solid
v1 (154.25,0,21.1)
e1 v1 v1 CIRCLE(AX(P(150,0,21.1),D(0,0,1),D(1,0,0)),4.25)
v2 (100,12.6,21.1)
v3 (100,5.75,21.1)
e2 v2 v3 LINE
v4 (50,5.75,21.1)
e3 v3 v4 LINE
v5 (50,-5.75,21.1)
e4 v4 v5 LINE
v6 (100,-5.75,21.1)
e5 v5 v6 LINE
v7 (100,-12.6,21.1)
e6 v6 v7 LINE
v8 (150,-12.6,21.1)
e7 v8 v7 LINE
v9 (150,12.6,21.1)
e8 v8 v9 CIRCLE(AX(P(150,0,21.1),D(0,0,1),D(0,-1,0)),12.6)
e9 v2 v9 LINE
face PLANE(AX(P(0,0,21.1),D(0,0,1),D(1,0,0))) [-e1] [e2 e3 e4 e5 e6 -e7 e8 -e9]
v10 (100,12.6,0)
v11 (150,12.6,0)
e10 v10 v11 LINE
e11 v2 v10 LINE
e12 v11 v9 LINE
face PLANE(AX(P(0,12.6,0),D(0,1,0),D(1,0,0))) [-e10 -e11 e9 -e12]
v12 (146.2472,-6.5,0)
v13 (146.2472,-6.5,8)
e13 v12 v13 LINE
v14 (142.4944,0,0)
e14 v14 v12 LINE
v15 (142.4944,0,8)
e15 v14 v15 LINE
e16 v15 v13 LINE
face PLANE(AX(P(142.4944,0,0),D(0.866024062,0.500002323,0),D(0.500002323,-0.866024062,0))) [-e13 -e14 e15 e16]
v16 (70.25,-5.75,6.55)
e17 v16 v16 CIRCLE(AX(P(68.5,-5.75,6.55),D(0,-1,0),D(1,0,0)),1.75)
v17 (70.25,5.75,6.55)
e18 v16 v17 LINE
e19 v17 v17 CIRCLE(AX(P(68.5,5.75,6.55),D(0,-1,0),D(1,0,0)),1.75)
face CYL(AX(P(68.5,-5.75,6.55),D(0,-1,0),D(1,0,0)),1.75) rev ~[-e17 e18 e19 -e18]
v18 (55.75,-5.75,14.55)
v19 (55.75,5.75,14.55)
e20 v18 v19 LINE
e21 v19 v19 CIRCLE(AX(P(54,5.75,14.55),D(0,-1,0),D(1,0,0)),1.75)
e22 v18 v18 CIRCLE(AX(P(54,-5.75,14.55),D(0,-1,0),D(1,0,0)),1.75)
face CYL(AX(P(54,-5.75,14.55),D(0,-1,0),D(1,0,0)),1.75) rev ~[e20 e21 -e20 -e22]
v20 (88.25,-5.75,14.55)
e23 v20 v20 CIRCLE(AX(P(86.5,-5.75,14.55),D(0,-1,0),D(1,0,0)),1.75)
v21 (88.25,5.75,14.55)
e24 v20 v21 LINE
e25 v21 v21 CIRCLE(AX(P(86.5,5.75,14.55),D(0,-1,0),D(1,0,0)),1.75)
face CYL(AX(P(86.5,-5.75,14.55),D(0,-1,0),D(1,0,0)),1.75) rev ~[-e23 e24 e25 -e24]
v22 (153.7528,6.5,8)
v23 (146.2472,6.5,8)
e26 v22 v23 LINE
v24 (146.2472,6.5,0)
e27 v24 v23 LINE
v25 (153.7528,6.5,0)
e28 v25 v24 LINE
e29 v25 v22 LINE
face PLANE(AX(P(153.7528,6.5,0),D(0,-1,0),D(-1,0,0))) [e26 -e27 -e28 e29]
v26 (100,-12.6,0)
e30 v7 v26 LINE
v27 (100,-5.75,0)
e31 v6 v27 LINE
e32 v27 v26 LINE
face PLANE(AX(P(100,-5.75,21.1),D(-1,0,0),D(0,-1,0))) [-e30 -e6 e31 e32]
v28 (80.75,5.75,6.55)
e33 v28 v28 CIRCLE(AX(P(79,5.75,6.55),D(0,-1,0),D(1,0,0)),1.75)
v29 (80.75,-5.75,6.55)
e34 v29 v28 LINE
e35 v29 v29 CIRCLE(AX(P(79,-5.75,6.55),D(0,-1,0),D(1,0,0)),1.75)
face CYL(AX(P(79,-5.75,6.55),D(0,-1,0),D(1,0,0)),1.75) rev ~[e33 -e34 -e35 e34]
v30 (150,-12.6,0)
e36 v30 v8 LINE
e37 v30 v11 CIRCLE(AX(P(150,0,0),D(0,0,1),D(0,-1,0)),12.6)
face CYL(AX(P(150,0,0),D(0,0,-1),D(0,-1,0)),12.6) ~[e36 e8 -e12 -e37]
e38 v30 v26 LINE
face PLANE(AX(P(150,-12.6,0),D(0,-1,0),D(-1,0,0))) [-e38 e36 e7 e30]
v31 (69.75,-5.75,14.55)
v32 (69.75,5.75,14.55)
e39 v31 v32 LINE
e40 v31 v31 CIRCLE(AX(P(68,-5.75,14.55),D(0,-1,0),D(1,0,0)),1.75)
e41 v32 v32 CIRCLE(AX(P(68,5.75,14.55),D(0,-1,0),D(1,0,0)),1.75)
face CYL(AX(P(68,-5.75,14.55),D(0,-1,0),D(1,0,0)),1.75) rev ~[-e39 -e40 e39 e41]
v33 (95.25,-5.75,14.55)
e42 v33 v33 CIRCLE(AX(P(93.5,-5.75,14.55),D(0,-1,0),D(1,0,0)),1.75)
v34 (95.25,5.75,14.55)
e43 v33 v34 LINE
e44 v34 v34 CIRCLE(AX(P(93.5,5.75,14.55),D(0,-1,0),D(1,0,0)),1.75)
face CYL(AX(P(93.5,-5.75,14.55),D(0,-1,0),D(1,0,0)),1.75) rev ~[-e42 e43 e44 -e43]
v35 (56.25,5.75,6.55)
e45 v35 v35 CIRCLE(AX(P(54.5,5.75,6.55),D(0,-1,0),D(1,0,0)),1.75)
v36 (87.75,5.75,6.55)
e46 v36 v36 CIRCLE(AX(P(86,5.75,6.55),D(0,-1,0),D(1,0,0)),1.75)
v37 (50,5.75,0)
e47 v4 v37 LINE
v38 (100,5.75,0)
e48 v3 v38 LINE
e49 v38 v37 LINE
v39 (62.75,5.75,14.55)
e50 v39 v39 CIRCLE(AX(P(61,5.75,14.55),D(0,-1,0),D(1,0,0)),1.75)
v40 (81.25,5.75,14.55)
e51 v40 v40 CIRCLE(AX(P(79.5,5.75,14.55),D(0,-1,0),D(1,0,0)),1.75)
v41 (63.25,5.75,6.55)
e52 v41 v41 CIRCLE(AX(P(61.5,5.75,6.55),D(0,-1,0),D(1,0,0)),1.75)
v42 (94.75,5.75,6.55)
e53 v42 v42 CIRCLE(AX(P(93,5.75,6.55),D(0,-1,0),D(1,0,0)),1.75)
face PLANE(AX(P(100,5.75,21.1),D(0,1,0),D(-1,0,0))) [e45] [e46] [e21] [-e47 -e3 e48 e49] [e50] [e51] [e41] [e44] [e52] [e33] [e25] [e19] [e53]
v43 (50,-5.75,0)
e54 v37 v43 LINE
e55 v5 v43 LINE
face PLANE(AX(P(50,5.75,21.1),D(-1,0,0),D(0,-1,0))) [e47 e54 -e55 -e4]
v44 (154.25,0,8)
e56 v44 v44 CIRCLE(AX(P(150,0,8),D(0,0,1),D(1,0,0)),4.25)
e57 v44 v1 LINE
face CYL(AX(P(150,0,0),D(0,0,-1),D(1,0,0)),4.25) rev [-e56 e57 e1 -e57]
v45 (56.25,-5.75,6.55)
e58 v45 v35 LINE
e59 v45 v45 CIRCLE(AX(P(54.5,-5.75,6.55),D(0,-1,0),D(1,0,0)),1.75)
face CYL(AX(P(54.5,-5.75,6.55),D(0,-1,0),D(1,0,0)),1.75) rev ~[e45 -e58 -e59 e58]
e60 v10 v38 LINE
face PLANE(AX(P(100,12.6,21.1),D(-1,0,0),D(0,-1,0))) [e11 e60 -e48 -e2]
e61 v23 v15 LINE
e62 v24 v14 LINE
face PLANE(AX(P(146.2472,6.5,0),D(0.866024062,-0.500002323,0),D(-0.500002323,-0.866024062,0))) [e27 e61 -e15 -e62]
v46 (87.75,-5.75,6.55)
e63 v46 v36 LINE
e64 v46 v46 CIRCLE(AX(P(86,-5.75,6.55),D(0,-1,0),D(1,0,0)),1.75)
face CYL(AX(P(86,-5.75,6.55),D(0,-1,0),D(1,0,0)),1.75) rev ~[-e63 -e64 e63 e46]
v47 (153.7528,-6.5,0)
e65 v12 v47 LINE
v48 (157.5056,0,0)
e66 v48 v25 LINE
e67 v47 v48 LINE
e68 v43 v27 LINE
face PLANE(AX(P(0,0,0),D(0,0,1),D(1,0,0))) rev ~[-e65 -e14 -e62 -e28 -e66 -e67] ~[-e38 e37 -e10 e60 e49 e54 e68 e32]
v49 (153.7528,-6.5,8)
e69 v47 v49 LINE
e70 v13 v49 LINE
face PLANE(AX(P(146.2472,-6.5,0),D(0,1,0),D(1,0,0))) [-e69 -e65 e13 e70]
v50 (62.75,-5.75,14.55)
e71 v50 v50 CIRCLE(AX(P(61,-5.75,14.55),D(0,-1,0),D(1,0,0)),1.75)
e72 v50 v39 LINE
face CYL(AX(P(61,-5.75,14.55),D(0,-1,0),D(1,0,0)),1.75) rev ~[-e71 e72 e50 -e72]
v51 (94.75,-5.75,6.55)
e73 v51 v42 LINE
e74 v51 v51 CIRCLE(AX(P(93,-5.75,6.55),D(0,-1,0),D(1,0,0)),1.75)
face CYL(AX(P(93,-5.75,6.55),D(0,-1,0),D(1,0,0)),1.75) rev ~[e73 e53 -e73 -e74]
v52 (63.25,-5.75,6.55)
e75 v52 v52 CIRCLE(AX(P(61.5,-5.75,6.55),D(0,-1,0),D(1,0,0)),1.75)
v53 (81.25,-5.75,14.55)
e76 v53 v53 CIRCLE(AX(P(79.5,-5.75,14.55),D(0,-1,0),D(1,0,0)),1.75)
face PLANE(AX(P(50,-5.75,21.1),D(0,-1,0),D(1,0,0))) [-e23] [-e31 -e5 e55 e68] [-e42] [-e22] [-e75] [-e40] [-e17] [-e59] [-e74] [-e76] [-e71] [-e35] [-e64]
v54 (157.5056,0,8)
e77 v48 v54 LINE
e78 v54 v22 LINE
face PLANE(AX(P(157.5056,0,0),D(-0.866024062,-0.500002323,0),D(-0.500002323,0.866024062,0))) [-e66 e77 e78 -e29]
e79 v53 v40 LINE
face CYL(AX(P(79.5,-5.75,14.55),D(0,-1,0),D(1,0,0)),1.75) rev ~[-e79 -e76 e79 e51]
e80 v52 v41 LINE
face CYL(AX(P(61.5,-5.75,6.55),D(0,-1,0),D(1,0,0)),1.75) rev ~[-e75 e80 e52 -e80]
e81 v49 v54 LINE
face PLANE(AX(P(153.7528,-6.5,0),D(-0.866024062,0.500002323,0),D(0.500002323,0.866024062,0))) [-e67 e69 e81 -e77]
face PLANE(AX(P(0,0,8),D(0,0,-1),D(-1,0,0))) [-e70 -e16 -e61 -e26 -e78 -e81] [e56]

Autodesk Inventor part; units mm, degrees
ref_plane "YZ Plane" through (0, 0, 0) normal (1, 0, 0) x (0, 1, 0)
ref_plane "XZ Plane" through (0, 0, 0) normal (0, 1, 0) x (-1, 0, 0)
ref_plane "XY Plane" through (0, 0, 0) normal (0, 0, 1) x (1, 0, 0)
sketch "Sketch1" plane through (0, 0, 0) normal (0, 0, 1) x (1, 0, 0)
  line L0 (0, 12.6) -> (150, 12.6)
  arc A0 (150, -12.6) -> (150, 12.6) centre (150, 0) ccw
  line L1 (150, -12.6) -> (0, -12.6)
  arc A1 (0, 12.6) -> (0, -12.6) centre (0, 0) ccw
  circle A2 centre (0, 0) radius 7.5
  circle A3 centre (150, 0) radius 4.25
  dimension "d0" = 150
  dimension "d2" = 12.6
  dimension "d3" = 15
  dimension "d4" = 8.5
extrude "Extrusion1" add sketch "Sketch1" along normal blind 21.1
sketch "Sketch2" plane through (0, 0, 21.1) normal (0, 0, 1) x (1, 0, 0)
  circle A0 centre (0, 0) radius 7.5 projected
  arc A1 (0, 12.6) -> (0, -12.6) centre (0, 0) ccw projected
  circle A2 centre (0, 0) radius 11
  dimension "d7" = 22
extrude "Extrusion2" cut sketch "Sketch2" against normal blind 7
sketch "Sketch4" plane through (0, 0, 21.1) normal (0, 0, 1) x (1, 0, 0)
  circle A0 centre (0, 0) radius 11 projected
  circle A1 centre (20, 0) radius 1.75
  circle A2 centre (40, 0) radius 1.75
  dimension "d16" = 20
  dimension "d17" = 40
  dimension "d23" = 3.5
extrude "Extrusion3" cut sketch "Sketch4" against normal through all contours A1 | A2
sketch "Sketch5" plane through (0, 0, 21.1) normal (0, 0, 1) x (1, 0, 0)
  circle A0 centre (20, 0) radius 1.75 projected
  circle A1 centre (40, 0) radius 1.75 projected
  circle A2 centre (40, 0) radius 3
  circle A3 centre (20, 0) radius 3
  dimension "d28" = 6
extrude "Extrusion4" cut sketch "Sketch5" against normal blind 3
sketch "Sketch6" plane through (0, 0, 21.1) normal (0, 0, 1) x (1, 0, 0)
  line L0 (150, 12.6) -> (0, 12.6) projected
  arc A0 (0, 12.6) -> (0, -12.6) centre (0, 0) ccw projected
  line L1 (0, -12.6) -> (150, -12.6) projected
  arc A1 (12.1445, 12.6) -> (12.1445, -12.6) centre (0, 0) ccw
  dimension "d24" = 35
extrude "Extrusion5" add sketch "Sketch6" against normal up to surface (21.1 mm away)
fillet "Fillet1" radius 3.5 1 edges at (-7.5, 0, 14.1)
sketch "Sketch8" plane through (0, 0, 21.1) normal (0, 0, 1) x (1, 0, 0)
  circle A0 centre (150, 0) radius 7
  line L0 (150, 12.6) -> (12.1445, 12.6)
  arc A1 (12.1445, 12.6) -> (12.1445, -12.6) centre (0, 0) ccw
  line L1 (12.1445, -12.6) -> (150, -12.6)
  line L2 (100, 12.6) -> (100, 5.75)
  line L3 (100, 5.75) -> (50, 5.75)
  line L4 (50, 5.75) -> (50, -5.75)
  line L5 (50, -5.75) -> (100, -5.75)
  line L6 (100, -5.75) -> (100, -12.6)
  circle A2 centre (40, 0) radius 3 projected
  circle A3 centre (20, 0) radius 3 projected
  circle A4 centre (0, 0) radius 11 projected
  circle A5 centre (150, 0) radius 4.25 projected
  line L7 (150, 12.6) -> (12.1445, 12.6) projected
  arc A6 (12.1445, 12.6) -> (12.1445, -12.6) centre (0, 0) ccw projected
  line L8 (12.1445, -12.6) -> (150, -12.6) projected
  arc A7 (150, -12.6) -> (150, 12.6) centre (150, 0) ccw projected
  dimension "d35" = 50
  dimension "d36" = 50
  dimension "d37" = 11.5
extrude "Extrusion7" cut sketch "Sketch8" against normal through all contours L2 L3 L4 L5 L6 L1 A1 L0 | A2 | A3 | A4
sketch "Sketch9" plane through (50, -5.75, 21.1) normal (0, -1, 0) x (1, 0, 0)
  line L0 (0, 0) -> (0, -21.1) projected
  line L1 (4.5, -6.55) -> (12.5, -6.55) construction
  line L2 (12.5, -6.55) -> (12.5, -14.55) construction
  line L3 (12.5, -14.55) -> (4.5, -14.55) construction
  line L4 (4.5, -14.55) -> (4.5, -6.55) construction
  line L5 (12.5, -14.55) -> (20.5, -14.55) construction
  line L6 (20.5, -14.55) -> (20.5, -6.55) construction
  line L7 (20.5, -6.55) -> (12.5, -6.55) construction
  line L8 (12.5, -6.55) -> (12.5, -14.55) construction
  circle A0 centre (4.5, -14.55) radius 1.75
  circle A1 centre (4, -6.55) radius 1.75
  circle A2 centre (11.5, -14.55) radius 1.75
  circle A3 centre (11, -6.55) radius 1.75
  circle A4 centre (18.5, -14.55) radius 1.75
  circle A5 centre (18, -6.55) radius 1.75
  line L9 (29.5, -6.55) -> (37.5, -6.55) construction
  line L10 (37.5, -6.55) -> (37.5, -14.55) construction
  line L11 (37.5, -14.55) -> (29.5, -14.55) construction
  line L12 (29.5, -14.55) -> (29.5, -6.55) construction
  line L13 (37.5, -14.55) -> (45.5, -14.55) construction
  line L14 (45.5, -14.55) -> (45.5, -6.55) construction
  line L15 (45.5, -6.55) -> (37.5, -6.55) construction
  line L16 (37.5, -6.55) -> (37.5, -14.55) construction
  circle A6 centre (29.5, -6.55) radius 1.75
  circle A7 centre (29, -14.55) radius 1.75
  circle A8 centre (36.5, -6.55) radius 1.75
  circle A9 centre (36, -14.55) radius 1.75
  circle A10 centre (43.5, -6.55) radius 1.75
  circle A11 centre (43, -14.55) radius 1.75
  point P0 (-50, -21.1)
  point P1 (0, -10.55)
  point P2 (12.5, -10.55)
  point P3 (12.5, -10.55)
  point P4 (37.5, -10.55)
  dimension "d40" = 12.5
  dimension "d41" = 8
  dimension "d42" = 0.5
  dimension "d43" = 1
  dimension "d44" = 1.5
  dimension "d45" = 2
  dimension "d46" = 2.5
  dimension "d47" = 3.5
  dimension "d48" = 25
  dimension "d49" = 0.5
  dimension "d50" = 1
  dimension "d51" = 1.5
  dimension "d52" = 2
  dimension "d53" = 2.5
extrude "Extrusion8" cut sketch "Sketch9" against normal through all
sketch "Sketch10" plane through (0, 0, 0) normal (0, 0, -1) x (-1, 0, 0)
  circle A0 centre (-150, 0) radius 4.25 projected
  line L0 (-157.5056, 0) -> (-153.7528, 6.5)
  line L1 (-153.7528, 6.5) -> (-146.2472, 6.5)
  line L2 (-146.2472, 6.5) -> (-142.4944, 0)
  line L3 (-142.4944, 0) -> (-146.2472, -6.5)
  line L4 (-146.2472, -6.5) -> (-153.7528, -6.5)
  line L5 (-153.7528, -6.5) -> (-157.5056, 0)
  point P0 (0, 0)
  dimension "d56" = 13
extrude "Extrusion9" cut sketch "Sketch10" against normal blind 8
properties part number "thin arm2_2"
